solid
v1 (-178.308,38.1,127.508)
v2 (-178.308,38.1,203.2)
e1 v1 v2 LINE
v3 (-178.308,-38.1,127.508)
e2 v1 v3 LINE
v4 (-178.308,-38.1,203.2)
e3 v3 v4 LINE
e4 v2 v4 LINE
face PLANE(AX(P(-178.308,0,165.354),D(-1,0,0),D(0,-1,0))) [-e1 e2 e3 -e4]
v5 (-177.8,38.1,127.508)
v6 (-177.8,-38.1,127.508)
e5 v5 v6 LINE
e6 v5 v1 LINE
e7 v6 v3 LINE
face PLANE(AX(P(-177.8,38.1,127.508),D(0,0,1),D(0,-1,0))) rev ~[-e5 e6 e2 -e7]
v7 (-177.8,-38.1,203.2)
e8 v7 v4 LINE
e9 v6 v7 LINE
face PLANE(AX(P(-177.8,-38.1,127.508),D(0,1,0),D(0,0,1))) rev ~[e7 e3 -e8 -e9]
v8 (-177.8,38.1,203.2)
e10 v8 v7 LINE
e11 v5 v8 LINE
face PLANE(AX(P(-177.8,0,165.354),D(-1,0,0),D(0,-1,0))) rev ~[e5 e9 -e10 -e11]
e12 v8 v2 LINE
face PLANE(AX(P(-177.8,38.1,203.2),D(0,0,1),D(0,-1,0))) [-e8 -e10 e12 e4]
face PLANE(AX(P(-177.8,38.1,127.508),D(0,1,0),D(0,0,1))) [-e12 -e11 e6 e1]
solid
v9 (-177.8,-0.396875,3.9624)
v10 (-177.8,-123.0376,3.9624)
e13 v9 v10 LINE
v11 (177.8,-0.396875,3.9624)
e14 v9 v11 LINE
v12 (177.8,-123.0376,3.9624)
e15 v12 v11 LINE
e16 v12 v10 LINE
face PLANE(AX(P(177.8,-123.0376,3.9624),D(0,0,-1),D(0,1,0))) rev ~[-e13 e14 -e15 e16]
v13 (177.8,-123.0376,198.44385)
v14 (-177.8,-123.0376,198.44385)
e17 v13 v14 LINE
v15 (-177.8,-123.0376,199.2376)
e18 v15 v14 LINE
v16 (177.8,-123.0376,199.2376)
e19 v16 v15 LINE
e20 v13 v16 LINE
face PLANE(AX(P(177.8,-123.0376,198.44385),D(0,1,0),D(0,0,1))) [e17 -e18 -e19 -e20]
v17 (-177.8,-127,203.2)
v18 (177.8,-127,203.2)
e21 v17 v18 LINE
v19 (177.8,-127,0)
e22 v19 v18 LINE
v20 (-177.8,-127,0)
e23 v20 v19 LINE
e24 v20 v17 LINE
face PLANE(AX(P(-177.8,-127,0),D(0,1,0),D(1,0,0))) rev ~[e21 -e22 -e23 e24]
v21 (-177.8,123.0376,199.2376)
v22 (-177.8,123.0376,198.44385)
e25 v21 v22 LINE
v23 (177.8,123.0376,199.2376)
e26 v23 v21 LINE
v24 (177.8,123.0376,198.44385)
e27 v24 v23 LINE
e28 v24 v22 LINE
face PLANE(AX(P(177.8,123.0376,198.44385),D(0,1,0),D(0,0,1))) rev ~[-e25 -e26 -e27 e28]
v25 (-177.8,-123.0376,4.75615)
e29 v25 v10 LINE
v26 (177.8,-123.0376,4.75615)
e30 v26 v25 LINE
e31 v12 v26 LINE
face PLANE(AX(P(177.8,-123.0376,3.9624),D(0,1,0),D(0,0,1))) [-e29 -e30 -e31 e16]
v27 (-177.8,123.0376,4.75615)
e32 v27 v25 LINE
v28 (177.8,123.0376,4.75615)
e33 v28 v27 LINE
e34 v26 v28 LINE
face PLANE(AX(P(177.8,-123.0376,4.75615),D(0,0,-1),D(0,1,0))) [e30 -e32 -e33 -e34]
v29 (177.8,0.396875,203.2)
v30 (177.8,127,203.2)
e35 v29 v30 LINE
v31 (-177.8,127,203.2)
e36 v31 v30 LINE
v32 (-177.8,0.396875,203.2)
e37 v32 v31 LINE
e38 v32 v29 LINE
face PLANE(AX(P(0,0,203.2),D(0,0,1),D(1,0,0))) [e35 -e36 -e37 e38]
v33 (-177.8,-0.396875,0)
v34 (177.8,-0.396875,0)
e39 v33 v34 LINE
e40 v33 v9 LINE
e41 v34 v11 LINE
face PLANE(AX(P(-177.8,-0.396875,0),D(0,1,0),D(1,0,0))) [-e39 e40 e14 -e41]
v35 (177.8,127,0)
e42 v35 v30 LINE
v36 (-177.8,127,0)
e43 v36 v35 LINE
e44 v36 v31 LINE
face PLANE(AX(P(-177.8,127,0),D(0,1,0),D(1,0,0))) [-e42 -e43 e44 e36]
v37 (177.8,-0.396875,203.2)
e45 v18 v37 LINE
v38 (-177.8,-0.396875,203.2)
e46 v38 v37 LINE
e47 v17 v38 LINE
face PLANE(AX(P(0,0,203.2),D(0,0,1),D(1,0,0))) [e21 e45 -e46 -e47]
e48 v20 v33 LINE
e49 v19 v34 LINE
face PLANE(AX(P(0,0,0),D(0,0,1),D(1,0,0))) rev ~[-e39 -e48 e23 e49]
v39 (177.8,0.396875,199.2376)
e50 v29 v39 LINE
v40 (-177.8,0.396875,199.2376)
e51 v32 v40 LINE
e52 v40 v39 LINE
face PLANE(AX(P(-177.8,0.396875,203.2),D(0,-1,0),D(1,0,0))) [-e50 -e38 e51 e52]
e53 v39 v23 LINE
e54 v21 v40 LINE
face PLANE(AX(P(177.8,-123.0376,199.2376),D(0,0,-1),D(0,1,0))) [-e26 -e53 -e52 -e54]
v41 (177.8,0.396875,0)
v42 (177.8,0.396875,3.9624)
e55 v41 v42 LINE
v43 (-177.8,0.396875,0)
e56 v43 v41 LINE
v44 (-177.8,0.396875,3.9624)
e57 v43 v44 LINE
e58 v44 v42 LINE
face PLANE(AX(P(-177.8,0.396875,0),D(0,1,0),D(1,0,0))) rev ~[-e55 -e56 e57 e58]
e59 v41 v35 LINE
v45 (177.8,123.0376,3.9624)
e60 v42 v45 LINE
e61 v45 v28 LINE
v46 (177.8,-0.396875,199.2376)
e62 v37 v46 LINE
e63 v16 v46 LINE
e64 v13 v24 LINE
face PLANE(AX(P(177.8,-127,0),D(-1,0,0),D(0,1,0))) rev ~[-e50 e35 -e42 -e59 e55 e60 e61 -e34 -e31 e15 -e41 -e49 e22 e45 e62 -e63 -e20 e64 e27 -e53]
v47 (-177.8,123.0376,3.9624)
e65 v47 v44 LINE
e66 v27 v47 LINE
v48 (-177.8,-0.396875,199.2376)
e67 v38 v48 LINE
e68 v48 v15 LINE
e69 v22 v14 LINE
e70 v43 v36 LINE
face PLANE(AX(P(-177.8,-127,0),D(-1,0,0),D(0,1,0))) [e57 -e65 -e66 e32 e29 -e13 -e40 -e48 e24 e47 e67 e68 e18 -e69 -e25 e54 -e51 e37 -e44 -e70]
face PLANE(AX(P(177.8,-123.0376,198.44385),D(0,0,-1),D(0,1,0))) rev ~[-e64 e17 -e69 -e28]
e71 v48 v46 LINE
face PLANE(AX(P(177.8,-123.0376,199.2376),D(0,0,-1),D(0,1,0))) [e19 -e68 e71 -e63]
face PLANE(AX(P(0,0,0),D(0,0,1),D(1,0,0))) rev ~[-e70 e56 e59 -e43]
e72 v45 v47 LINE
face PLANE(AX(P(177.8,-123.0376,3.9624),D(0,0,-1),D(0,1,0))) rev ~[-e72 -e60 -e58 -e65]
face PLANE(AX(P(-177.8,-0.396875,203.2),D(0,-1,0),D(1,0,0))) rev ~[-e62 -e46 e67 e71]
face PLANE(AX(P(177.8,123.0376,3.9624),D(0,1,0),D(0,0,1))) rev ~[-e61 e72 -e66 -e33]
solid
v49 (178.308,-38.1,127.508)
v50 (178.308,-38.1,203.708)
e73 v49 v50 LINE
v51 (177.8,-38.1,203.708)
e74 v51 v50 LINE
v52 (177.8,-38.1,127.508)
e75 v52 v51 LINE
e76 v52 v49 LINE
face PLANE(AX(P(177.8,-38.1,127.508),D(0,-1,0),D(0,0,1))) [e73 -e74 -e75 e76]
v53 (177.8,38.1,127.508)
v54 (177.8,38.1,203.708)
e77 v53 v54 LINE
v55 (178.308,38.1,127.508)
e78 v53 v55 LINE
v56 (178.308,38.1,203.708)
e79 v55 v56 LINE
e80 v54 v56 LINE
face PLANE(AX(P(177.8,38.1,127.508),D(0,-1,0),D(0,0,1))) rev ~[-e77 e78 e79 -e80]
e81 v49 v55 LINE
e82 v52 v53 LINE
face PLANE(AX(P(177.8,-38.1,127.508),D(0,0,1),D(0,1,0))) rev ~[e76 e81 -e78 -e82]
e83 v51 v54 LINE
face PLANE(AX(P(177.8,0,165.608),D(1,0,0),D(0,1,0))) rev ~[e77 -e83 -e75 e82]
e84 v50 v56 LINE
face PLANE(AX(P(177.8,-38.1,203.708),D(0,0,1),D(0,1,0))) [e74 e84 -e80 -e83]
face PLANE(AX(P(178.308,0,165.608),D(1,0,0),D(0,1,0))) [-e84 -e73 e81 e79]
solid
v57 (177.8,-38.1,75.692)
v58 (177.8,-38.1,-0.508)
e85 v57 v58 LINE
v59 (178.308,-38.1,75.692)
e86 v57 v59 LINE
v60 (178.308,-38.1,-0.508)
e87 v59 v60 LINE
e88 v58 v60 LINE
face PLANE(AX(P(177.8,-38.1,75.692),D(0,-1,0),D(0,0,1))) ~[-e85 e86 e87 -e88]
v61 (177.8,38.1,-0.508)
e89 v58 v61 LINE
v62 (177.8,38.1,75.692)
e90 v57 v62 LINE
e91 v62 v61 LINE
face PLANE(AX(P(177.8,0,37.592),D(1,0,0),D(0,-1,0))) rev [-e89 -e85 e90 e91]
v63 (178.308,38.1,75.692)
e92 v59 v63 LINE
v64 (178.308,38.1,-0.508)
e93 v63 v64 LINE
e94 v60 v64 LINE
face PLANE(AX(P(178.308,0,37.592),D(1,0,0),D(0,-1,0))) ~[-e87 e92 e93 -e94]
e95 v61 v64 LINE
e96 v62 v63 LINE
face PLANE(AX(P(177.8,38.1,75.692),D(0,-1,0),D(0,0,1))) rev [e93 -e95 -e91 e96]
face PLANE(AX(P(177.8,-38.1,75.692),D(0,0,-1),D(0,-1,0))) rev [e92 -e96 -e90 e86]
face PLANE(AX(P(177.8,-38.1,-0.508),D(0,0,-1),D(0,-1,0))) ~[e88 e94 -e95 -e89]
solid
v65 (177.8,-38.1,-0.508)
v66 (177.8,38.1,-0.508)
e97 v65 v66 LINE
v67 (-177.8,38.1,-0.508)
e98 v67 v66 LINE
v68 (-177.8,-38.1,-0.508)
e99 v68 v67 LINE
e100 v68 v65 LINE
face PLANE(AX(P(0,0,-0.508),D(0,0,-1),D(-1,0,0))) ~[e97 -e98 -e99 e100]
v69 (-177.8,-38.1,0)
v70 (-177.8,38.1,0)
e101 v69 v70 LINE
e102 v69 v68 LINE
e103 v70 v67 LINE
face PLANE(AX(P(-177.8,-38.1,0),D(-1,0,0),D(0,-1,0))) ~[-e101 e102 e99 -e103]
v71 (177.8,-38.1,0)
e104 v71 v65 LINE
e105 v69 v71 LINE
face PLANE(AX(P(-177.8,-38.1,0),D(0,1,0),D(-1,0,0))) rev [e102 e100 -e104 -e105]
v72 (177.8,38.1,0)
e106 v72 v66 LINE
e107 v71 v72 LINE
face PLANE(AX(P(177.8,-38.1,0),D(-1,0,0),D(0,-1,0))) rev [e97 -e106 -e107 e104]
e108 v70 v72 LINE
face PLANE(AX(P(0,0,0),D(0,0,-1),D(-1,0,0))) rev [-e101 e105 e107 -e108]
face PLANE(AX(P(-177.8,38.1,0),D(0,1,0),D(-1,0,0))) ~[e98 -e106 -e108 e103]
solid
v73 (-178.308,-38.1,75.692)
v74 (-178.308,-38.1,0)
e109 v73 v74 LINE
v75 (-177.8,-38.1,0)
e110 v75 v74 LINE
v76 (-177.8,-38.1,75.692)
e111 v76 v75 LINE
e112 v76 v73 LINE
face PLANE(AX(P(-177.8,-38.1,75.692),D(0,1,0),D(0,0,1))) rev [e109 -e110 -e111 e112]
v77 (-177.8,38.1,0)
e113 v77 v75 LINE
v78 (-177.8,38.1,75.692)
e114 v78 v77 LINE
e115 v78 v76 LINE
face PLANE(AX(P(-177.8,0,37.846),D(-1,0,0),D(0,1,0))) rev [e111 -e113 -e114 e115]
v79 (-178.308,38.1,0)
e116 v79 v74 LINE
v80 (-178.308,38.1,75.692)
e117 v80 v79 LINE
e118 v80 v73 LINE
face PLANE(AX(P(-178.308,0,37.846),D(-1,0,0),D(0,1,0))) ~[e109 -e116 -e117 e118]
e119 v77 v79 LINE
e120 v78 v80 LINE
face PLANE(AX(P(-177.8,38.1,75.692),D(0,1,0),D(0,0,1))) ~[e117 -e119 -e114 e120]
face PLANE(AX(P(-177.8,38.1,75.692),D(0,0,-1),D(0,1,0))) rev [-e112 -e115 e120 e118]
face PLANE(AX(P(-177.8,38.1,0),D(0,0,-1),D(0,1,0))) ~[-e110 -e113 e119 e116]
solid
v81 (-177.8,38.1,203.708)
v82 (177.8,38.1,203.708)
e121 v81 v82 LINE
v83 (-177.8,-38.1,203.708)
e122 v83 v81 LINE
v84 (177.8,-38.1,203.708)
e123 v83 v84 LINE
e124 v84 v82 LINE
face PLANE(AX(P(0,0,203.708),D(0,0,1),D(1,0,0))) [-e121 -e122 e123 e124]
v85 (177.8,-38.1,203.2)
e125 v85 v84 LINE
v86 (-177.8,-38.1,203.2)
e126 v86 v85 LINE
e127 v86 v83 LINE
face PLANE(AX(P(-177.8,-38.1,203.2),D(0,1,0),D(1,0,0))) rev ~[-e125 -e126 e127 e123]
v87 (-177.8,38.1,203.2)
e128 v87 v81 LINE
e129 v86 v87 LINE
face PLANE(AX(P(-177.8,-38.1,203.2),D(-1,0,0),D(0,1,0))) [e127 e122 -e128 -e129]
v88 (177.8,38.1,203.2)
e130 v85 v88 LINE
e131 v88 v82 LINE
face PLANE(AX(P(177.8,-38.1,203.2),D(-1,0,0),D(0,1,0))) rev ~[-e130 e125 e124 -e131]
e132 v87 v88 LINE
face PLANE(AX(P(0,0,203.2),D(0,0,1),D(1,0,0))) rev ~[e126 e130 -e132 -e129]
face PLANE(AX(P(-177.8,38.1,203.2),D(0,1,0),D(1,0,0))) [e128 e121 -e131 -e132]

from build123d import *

# Parameters (mm, degrees)
F0_W      = 355.6
F0_H      = 254
F1_DEPTH  = 203.2
F2_W      = 355.6
F2_H      = 0.79375
F3_DEPTH  = 3.9624
F4_W      = 355.6
F4_H      = 0.79375
F5_DEPTH  = 3.9624
F6_W      = 355.6
F6_H      = 76.2
F7_DEPTH  = 0.508
F8_W      = 76.2
F8_H      = 76.2
F9_DEPTH  = 0.508
F10_W     = 76.2
F10_H     = 75.692
F11_DEPTH = 0.508
F14_W     = 246.0752
F14_H     = 0.79375
F15_DEPTH = 356.109


with BuildPart() as f1:
    # F0 (on Top) → F1 (new body)
    with BuildSketch(Plane.XY):
        Rectangle(F0_W, F0_H)
    extrude(amount=F1_DEPTH)

    # F2 (on face) → F3 (cut)
    with BuildSketch(Plane.XY.offset(203.2)):
        Rectangle(F2_W, F2_H)
    extrude(amount=-F3_DEPTH, mode=Mode.SUBTRACT)

    # F4 (on face) → F5 (cut)
    with BuildSketch(Plane(origin=(0, 0, 0), x_dir=(1, 0, 0), z_dir=(0, 0, -1))):
        Rectangle(F4_W, F4_H)
    extrude(amount=-F5_DEPTH, mode=Mode.SUBTRACT)

    # F14 (on face) → F15 (cut, through all)
    with BuildSketch(Plane.YZ.offset(177.8)):
        with Locations((0, 198.840725)):
            Rectangle(F14_W, F14_H)
        with Locations((0, 4.359275)):
            Rectangle(F14_W, F14_H)
    extrude(amount=-F15_DEPTH, mode=Mode.SUBTRACT)


with BuildPart() as f7:
    # F6 (on face) → F7 (new body)
    with BuildSketch(Plane.XY.offset(203.2)):
        Rectangle(F6_W, F6_H)
    extrude(amount=F7_DEPTH)


with BuildPart() as f9:
    # F8 (on face) → F9 (new body)
    with BuildSketch(Plane.YZ.offset(177.8)):
        with Locations((0, 165.608)):
            Rectangle(F8_W, F8_H)
    extrude(amount=F9_DEPTH)


with BuildPart() as f11:
    # F10 (on face) → F11 (new body)
    with BuildSketch(Plane(origin=(-177.8, 0, 0), x_dir=(0, -1, 0), z_dir=(-1, 0, 0))):
        with Locations((0, 165.354)):
            Rectangle(F10_W, F10_H)
    extrude(amount=F11_DEPTH)


with BuildPart() as f13_1:
    # F13: instance of F11
    add(f11.part.mirror(Plane.XY.offset(101.6)))


with BuildPart() as f13_2:
    # F13: instance of F9
    add(f9.part.mirror(Plane.XY.offset(101.6)))


with BuildPart() as f13_3:
    # F13: instance of F7
    add(f7.part.mirror(Plane.XY.offset(101.6)))


solid = Compound([f1.part, f7.part, f9.part, f11.part, f13_1.part, f13_2.part, f13_3.part])
